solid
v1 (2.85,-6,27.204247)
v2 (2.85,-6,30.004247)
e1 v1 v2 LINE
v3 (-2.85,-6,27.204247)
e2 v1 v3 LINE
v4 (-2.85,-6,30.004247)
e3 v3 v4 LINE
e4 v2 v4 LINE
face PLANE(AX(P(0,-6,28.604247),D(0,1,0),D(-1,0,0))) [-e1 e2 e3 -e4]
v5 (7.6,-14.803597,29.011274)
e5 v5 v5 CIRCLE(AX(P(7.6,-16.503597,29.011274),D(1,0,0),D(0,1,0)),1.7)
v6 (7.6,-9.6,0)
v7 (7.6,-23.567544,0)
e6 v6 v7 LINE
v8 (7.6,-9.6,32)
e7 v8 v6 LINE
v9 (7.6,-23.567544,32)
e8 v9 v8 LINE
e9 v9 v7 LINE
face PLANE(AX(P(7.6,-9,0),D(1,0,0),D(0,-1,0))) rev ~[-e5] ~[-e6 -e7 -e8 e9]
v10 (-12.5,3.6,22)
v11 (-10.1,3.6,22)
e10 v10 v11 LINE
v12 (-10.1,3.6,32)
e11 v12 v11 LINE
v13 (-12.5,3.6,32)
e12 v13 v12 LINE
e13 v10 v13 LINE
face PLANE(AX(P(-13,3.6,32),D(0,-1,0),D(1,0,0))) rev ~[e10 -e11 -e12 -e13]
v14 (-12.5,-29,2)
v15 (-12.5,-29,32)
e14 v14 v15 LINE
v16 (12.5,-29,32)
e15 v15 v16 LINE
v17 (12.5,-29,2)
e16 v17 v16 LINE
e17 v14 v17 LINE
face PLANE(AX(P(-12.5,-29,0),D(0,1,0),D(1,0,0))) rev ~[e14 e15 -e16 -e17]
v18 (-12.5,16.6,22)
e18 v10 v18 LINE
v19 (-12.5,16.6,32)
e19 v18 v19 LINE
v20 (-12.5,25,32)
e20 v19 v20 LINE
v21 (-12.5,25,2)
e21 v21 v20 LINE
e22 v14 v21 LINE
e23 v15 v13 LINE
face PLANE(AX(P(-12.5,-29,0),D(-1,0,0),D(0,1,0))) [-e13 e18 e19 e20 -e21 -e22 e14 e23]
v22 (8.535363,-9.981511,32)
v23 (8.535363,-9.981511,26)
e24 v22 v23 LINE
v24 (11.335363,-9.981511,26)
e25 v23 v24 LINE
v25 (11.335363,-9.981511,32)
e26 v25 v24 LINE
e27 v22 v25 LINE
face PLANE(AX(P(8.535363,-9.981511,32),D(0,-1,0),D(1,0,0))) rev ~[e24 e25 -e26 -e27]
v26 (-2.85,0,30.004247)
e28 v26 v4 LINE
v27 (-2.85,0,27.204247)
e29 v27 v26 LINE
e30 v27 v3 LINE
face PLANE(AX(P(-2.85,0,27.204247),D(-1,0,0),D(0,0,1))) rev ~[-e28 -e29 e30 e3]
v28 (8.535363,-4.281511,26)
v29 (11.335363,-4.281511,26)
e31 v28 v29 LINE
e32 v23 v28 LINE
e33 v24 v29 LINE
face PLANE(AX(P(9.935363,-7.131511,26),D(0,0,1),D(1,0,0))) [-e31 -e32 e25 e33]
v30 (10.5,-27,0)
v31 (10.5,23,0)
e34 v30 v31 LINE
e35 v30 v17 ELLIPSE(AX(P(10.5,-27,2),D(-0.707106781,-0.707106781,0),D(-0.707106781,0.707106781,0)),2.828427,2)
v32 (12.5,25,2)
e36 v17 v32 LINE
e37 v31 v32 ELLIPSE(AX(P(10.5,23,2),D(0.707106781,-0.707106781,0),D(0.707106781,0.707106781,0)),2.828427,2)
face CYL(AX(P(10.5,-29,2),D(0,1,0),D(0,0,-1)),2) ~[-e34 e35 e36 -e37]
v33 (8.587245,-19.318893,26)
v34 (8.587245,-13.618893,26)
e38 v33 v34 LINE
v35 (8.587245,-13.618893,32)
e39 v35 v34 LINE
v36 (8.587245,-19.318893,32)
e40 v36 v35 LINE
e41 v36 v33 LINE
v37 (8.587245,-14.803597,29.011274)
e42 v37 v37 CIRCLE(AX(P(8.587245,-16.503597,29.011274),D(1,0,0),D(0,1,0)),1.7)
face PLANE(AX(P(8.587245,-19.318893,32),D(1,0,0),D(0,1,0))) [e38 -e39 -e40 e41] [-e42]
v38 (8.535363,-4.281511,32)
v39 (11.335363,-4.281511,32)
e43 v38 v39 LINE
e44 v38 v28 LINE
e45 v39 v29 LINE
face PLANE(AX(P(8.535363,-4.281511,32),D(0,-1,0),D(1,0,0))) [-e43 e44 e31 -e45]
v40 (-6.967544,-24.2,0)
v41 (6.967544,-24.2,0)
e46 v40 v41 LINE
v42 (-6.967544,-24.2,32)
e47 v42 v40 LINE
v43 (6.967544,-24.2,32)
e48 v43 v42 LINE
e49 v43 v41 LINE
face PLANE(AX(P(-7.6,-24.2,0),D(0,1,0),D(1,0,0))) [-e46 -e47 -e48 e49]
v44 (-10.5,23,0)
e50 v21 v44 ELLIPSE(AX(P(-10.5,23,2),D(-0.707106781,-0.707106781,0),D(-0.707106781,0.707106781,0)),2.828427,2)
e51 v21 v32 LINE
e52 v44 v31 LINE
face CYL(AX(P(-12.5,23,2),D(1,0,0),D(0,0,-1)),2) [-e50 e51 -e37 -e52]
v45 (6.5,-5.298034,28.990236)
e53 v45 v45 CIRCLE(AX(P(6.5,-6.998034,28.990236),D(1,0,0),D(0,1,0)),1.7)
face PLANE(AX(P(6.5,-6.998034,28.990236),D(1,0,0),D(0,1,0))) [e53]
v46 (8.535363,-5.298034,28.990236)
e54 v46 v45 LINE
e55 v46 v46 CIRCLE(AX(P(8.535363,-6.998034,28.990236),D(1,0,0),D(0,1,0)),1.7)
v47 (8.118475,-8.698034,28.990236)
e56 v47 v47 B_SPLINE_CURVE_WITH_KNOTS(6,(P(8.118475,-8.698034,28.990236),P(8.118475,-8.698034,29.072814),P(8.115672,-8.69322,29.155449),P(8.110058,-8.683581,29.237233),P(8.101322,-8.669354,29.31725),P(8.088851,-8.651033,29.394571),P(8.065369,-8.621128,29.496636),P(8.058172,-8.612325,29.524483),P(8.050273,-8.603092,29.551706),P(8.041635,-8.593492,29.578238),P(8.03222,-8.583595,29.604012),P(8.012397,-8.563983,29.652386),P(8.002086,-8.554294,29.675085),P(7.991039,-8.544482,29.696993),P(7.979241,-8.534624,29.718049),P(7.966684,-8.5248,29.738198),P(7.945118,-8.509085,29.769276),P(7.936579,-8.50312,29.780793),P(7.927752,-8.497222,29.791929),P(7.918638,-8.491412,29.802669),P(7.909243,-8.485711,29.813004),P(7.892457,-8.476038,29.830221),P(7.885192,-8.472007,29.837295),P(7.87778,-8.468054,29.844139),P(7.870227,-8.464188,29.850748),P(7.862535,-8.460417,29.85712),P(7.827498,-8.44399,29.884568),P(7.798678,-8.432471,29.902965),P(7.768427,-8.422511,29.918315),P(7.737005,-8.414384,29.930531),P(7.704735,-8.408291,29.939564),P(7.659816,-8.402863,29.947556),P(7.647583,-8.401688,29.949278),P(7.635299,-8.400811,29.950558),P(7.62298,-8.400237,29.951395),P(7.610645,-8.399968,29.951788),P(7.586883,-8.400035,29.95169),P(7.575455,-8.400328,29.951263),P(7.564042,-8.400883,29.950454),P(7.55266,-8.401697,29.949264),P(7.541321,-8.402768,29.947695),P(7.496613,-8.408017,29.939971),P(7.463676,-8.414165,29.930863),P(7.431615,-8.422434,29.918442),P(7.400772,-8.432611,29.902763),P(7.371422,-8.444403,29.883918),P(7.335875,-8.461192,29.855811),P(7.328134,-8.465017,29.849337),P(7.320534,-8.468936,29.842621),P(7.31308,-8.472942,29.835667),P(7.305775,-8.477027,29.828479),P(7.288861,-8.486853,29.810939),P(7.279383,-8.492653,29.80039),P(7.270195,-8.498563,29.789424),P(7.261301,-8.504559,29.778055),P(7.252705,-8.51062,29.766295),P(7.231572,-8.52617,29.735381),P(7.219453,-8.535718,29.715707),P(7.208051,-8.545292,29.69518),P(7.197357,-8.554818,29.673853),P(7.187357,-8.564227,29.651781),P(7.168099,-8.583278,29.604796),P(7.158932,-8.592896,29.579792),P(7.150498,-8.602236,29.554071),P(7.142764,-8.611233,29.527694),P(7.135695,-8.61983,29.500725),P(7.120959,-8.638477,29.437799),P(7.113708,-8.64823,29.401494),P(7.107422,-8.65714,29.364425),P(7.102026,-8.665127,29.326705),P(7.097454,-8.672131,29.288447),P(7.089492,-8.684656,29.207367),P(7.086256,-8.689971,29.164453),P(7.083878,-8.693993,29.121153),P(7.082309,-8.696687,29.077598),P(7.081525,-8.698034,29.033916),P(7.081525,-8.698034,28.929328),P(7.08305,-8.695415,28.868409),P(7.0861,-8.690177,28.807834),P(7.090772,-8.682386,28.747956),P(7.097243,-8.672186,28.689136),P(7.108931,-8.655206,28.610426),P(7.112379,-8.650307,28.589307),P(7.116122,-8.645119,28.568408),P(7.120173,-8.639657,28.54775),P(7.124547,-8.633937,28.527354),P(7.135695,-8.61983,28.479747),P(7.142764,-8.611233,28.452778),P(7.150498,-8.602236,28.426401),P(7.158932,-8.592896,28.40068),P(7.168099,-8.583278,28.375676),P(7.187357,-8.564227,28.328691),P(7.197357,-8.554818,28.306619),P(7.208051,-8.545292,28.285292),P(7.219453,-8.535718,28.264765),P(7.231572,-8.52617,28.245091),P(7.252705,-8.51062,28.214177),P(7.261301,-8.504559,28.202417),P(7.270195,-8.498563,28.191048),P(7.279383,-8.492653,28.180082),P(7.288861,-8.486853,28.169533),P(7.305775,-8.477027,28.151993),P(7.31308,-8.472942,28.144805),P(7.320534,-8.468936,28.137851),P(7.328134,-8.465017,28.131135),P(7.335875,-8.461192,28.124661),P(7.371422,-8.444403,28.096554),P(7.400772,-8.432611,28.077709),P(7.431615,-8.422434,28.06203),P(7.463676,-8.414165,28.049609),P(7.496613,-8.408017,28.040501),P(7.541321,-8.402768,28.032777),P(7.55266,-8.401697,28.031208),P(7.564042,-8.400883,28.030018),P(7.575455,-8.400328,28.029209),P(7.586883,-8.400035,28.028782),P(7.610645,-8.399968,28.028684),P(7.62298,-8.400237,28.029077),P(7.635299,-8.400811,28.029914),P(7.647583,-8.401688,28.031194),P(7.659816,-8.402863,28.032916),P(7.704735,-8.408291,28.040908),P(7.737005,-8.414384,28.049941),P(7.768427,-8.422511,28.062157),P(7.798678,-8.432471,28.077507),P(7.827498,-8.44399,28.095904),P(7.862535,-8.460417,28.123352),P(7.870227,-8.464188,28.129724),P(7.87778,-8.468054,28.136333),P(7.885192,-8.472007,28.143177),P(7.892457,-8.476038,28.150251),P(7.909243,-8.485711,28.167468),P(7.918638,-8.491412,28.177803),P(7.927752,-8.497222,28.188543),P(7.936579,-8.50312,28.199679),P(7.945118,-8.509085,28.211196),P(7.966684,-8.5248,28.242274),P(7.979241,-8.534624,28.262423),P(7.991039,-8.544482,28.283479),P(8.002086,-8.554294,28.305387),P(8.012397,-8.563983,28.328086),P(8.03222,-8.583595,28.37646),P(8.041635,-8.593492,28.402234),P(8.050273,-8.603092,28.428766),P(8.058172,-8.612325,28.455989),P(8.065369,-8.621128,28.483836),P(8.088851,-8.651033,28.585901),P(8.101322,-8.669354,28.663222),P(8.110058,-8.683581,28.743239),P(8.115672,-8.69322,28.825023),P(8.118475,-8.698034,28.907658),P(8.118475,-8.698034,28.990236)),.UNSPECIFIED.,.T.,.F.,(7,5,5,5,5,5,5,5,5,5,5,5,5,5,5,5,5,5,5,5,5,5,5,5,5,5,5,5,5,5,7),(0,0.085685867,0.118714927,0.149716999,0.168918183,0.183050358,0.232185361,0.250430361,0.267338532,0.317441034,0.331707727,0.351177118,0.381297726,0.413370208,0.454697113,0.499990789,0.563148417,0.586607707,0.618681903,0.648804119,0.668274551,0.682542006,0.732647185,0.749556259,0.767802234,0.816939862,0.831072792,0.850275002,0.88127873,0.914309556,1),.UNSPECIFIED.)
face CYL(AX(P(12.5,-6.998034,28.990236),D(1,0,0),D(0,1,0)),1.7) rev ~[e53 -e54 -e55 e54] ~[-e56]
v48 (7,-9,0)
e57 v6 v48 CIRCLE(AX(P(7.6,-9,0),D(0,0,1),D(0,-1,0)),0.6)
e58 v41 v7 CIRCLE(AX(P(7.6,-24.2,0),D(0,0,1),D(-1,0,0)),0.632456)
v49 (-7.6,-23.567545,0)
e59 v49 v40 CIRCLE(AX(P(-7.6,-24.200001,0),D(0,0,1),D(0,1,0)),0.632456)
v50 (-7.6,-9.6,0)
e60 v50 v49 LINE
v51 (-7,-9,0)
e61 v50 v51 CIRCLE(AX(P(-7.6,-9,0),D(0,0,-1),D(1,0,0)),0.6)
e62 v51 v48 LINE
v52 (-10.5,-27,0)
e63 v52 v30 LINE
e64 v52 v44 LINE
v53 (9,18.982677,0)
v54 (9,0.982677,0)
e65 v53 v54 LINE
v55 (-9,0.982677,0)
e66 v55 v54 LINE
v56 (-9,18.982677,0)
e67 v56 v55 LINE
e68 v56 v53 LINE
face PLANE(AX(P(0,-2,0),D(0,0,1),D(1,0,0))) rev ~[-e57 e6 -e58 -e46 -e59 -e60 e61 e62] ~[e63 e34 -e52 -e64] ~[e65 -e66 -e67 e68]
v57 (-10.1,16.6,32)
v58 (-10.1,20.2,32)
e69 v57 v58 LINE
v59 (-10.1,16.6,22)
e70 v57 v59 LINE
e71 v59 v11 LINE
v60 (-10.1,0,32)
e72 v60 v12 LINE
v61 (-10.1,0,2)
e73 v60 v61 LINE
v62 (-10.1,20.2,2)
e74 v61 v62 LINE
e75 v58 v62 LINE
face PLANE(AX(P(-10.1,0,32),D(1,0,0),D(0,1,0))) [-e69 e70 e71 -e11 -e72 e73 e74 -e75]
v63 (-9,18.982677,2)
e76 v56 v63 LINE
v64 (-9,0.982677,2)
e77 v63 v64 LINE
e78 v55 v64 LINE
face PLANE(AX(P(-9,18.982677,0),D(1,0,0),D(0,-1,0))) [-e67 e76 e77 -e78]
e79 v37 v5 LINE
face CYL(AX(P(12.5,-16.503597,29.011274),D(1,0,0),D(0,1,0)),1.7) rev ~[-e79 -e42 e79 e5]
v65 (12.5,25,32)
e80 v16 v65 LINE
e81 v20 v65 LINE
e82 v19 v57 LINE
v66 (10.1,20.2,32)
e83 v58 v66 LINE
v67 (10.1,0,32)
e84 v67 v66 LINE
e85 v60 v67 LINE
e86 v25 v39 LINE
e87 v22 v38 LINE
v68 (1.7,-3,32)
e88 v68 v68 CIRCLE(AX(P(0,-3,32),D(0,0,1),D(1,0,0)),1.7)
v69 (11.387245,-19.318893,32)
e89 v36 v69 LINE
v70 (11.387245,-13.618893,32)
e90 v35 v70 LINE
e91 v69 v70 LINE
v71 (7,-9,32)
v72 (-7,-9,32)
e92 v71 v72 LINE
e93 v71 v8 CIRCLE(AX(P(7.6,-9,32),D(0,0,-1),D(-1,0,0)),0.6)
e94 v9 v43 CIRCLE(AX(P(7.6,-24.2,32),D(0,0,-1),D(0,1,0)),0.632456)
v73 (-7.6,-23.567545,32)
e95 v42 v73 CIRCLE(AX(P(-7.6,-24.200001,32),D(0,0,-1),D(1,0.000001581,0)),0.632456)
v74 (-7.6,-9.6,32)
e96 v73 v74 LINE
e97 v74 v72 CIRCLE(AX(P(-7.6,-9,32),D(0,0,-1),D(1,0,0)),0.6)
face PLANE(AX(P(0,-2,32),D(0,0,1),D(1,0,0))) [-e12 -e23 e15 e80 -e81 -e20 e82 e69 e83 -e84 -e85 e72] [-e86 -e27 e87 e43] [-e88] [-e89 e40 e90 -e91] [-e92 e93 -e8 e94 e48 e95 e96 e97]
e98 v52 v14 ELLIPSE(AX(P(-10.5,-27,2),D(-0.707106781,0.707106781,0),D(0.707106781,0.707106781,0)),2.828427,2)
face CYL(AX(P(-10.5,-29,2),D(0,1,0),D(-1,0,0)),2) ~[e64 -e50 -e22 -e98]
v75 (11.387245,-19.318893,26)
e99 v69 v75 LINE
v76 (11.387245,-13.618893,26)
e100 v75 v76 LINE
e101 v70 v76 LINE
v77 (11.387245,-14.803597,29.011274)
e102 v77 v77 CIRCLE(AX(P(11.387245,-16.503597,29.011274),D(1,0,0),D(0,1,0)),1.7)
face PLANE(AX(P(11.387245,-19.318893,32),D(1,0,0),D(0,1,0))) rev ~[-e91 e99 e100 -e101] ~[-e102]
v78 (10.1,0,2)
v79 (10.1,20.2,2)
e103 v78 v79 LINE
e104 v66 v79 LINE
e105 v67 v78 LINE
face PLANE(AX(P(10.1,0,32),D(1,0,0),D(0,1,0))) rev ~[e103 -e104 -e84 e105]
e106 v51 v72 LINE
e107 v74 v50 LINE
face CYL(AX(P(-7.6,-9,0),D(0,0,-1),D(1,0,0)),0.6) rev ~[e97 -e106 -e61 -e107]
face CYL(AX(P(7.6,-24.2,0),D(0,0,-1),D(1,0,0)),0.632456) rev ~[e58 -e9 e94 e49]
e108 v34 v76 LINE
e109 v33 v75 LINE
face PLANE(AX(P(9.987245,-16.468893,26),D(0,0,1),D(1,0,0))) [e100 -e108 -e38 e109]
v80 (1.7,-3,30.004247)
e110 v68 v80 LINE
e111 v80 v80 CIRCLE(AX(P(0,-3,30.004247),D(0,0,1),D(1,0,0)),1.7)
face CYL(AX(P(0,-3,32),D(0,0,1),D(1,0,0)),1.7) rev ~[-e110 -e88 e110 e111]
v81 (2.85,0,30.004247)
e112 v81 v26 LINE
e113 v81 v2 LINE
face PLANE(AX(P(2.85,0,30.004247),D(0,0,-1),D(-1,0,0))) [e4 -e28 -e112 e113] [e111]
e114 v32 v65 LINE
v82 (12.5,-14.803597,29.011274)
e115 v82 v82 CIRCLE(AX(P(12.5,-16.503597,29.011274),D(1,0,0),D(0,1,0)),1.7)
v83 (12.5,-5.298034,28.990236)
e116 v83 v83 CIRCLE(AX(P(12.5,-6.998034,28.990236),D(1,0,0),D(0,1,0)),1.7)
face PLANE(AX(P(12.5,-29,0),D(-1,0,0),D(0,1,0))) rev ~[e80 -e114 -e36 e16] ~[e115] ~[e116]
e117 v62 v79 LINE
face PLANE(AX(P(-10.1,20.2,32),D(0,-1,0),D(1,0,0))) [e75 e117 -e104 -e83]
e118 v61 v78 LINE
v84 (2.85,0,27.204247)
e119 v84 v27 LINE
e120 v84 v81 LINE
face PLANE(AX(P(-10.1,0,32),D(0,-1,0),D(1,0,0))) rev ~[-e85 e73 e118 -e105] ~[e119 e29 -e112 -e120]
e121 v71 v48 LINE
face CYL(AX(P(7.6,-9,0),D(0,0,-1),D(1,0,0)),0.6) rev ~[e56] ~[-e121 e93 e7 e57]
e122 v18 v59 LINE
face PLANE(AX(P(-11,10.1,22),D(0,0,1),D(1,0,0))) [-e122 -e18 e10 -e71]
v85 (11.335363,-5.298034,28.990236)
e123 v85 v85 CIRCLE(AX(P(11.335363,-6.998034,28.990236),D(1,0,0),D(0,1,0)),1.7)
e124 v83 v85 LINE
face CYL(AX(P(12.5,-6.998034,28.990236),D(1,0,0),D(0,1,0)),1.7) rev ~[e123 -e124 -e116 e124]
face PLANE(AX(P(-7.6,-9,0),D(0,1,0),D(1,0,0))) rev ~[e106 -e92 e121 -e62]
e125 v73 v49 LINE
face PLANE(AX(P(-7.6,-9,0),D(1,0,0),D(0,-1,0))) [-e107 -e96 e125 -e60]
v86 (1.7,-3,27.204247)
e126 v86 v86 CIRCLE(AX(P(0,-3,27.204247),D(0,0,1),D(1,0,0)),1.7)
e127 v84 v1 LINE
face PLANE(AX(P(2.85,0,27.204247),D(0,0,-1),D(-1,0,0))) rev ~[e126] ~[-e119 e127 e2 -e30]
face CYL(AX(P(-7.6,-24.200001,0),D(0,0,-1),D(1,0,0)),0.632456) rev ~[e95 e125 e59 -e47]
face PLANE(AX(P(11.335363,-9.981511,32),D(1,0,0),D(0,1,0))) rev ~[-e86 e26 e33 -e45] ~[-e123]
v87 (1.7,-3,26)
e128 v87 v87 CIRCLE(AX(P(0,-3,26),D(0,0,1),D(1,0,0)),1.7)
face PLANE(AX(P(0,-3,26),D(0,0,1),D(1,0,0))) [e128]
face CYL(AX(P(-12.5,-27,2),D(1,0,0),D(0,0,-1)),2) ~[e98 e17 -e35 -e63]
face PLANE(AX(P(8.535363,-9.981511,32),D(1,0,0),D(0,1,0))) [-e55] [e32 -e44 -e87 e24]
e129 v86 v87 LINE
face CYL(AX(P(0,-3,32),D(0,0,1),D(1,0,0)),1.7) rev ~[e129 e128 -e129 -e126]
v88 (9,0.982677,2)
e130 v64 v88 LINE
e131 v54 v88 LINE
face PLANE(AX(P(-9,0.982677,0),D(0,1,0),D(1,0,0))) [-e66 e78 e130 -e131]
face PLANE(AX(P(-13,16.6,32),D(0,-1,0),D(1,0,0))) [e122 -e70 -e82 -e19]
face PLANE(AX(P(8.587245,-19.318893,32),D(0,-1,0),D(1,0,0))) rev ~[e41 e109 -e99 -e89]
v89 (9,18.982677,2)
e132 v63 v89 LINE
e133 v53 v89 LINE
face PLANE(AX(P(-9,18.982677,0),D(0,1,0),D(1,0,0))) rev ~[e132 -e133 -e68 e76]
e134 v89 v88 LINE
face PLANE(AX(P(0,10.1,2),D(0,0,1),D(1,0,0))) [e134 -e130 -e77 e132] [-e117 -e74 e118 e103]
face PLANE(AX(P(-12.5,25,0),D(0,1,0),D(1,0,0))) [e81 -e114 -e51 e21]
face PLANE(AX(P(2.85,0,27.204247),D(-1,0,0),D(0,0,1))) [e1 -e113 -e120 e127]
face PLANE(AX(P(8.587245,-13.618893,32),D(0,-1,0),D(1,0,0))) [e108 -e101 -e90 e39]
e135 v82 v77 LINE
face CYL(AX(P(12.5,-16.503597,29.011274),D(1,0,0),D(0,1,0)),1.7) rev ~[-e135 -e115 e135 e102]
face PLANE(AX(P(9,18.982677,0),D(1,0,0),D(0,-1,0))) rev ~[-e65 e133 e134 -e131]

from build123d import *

# Parameters (mm, degrees)
SKETCH_W        = 25
SKETCH_H        = 54
PAD_DEPTH       = 32
SKETCH001_W     = 15.2
SKETCH001_H     = 15.2
SKETCH001_W_2   = 18
SKETCH001_H_2   = 18
POCKET_DEPTH    = 32.001
SKETCH002_W     = 20.2
SKETCH002_H     = 20.2
POCKET001_DEPTH = 30
SKETCH005_W     = 2.8
SKETCH005_H     = 5.7
POCKET002_DEPTH = 6
SKETCH003_R     = 1.7
POCKET003_DEPTH = 6
SKETCH006_W     = 5.7
SKETCH006_H     = 2.8
POCKET004_DEPTH = 6
SKETCH004_R     = 1.7
POCKET005_DEPTH = 6
SKETCH007_W     = 4
SKETCH007_H     = 13
POCKET006_DEPTH = 10
FILLET_R        = 2
SKETCH008_R     = 0.632456
SKETCH008_R_2   = 0.6
POCKET007_DEPTH = 32.001


with BuildPart() as part:
    # Sketch → Pad (new body)
    with BuildSketch(Plane.XY):
        with Locations((0, -2)):
            Rectangle(SKETCH_W, SKETCH_H)
    extrude(amount=PAD_DEPTH)

    # Sketch001 → Pocket (cut, through all)
    with BuildSketch(Plane(origin=(0, 0, 0), x_dir=(1, 0, 0), z_dir=(0, 0, -1))):
        with Locations((0, 16.6)):
            Rectangle(SKETCH001_W, SKETCH001_H)
        with Locations((0, -9.982677)):
            Rectangle(SKETCH001_W_2, SKETCH001_H_2)
    extrude(amount=-POCKET_DEPTH, mode=Mode.SUBTRACT)

    # Sketch002 → Pocket001 (cut)
    with BuildSketch(Plane.XY.offset(32)):
        with Locations((0, 10.1)):
            Rectangle(SKETCH002_W, SKETCH002_H)
    extrude(amount=-POCKET001_DEPTH, mode=Mode.SUBTRACT)

    # Sketch005 → Pocket002 (cut)
    with BuildSketch(Plane.XY.offset(32)):
        with Locations((9.935363, -7.131511)):
            Rectangle(SKETCH005_W, SKETCH005_H)
        with Locations((9.987245, -16.468893)):
            Rectangle(SKETCH005_W, SKETCH005_H)
    extrude(amount=-POCKET002_DEPTH, mode=Mode.SUBTRACT)

    # Sketch003 → Pocket003 (cut)
    with BuildSketch(Plane.YZ.offset(12.5)):
        with Locations((-6.998034, 28.990236)):
            Circle(SKETCH003_R)
        with Locations((-16.503597, 29.011274)):
            Circle(SKETCH003_R)
    extrude(amount=-POCKET003_DEPTH, mode=Mode.SUBTRACT)

    # Sketch006 → Pocket004 (cut)
    with BuildSketch(Plane(origin=(0, 0, 0), x_dir=(-1, 0, 0), z_dir=(0, 1, 0))):
        with Locations((0, 28.604247)):
            Rectangle(SKETCH006_W, SKETCH006_H)
    extrude(amount=-POCKET004_DEPTH, mode=Mode.SUBTRACT)

    # Sketch004 → Pocket005 (cut)
    with BuildSketch(Plane.XY.offset(32)):
        with Locations((0, -3)):
            Circle(SKETCH004_R)
    extrude(amount=-POCKET005_DEPTH, mode=Mode.SUBTRACT)

    # Sketch007 → Pocket006 (cut)
    with BuildSketch(Plane.XY.offset(32)):
        with Locations((-11, 10.1)):
            Rectangle(SKETCH007_W, SKETCH007_H)
    extrude(amount=-POCKET006_DEPTH, mode=Mode.SUBTRACT)

    # Fillet
    fillet_edges = [part.edges().sort_by_distance(p)[0] for p in [
        (12.5, -2, 0),
        (0, -29, 0),
        (-12.5, -2, 0),
        (0, 25, 0),
    ]]
    fillet(fillet_edges, radius=FILLET_R)

    # Sketch008 → Pocket007 (cut, through all)
    with BuildSketch(Plane(origin=(0, 0, 0), x_dir=(1, 0, 0), z_dir=(0, 0, -1))):
        with Locations((-7.6, 24.200001)):
            Circle(SKETCH008_R)
        with Locations((7.6, 24.2)):
            Circle(SKETCH008_R)
        with Locations((7.6, 9)):
            Circle(SKETCH008_R_2)
        with Locations((-7.6, 9)):
            Circle(SKETCH008_R_2)
    extrude(amount=-POCKET007_DEPTH, mode=Mode.SUBTRACT)


solid = part.part
